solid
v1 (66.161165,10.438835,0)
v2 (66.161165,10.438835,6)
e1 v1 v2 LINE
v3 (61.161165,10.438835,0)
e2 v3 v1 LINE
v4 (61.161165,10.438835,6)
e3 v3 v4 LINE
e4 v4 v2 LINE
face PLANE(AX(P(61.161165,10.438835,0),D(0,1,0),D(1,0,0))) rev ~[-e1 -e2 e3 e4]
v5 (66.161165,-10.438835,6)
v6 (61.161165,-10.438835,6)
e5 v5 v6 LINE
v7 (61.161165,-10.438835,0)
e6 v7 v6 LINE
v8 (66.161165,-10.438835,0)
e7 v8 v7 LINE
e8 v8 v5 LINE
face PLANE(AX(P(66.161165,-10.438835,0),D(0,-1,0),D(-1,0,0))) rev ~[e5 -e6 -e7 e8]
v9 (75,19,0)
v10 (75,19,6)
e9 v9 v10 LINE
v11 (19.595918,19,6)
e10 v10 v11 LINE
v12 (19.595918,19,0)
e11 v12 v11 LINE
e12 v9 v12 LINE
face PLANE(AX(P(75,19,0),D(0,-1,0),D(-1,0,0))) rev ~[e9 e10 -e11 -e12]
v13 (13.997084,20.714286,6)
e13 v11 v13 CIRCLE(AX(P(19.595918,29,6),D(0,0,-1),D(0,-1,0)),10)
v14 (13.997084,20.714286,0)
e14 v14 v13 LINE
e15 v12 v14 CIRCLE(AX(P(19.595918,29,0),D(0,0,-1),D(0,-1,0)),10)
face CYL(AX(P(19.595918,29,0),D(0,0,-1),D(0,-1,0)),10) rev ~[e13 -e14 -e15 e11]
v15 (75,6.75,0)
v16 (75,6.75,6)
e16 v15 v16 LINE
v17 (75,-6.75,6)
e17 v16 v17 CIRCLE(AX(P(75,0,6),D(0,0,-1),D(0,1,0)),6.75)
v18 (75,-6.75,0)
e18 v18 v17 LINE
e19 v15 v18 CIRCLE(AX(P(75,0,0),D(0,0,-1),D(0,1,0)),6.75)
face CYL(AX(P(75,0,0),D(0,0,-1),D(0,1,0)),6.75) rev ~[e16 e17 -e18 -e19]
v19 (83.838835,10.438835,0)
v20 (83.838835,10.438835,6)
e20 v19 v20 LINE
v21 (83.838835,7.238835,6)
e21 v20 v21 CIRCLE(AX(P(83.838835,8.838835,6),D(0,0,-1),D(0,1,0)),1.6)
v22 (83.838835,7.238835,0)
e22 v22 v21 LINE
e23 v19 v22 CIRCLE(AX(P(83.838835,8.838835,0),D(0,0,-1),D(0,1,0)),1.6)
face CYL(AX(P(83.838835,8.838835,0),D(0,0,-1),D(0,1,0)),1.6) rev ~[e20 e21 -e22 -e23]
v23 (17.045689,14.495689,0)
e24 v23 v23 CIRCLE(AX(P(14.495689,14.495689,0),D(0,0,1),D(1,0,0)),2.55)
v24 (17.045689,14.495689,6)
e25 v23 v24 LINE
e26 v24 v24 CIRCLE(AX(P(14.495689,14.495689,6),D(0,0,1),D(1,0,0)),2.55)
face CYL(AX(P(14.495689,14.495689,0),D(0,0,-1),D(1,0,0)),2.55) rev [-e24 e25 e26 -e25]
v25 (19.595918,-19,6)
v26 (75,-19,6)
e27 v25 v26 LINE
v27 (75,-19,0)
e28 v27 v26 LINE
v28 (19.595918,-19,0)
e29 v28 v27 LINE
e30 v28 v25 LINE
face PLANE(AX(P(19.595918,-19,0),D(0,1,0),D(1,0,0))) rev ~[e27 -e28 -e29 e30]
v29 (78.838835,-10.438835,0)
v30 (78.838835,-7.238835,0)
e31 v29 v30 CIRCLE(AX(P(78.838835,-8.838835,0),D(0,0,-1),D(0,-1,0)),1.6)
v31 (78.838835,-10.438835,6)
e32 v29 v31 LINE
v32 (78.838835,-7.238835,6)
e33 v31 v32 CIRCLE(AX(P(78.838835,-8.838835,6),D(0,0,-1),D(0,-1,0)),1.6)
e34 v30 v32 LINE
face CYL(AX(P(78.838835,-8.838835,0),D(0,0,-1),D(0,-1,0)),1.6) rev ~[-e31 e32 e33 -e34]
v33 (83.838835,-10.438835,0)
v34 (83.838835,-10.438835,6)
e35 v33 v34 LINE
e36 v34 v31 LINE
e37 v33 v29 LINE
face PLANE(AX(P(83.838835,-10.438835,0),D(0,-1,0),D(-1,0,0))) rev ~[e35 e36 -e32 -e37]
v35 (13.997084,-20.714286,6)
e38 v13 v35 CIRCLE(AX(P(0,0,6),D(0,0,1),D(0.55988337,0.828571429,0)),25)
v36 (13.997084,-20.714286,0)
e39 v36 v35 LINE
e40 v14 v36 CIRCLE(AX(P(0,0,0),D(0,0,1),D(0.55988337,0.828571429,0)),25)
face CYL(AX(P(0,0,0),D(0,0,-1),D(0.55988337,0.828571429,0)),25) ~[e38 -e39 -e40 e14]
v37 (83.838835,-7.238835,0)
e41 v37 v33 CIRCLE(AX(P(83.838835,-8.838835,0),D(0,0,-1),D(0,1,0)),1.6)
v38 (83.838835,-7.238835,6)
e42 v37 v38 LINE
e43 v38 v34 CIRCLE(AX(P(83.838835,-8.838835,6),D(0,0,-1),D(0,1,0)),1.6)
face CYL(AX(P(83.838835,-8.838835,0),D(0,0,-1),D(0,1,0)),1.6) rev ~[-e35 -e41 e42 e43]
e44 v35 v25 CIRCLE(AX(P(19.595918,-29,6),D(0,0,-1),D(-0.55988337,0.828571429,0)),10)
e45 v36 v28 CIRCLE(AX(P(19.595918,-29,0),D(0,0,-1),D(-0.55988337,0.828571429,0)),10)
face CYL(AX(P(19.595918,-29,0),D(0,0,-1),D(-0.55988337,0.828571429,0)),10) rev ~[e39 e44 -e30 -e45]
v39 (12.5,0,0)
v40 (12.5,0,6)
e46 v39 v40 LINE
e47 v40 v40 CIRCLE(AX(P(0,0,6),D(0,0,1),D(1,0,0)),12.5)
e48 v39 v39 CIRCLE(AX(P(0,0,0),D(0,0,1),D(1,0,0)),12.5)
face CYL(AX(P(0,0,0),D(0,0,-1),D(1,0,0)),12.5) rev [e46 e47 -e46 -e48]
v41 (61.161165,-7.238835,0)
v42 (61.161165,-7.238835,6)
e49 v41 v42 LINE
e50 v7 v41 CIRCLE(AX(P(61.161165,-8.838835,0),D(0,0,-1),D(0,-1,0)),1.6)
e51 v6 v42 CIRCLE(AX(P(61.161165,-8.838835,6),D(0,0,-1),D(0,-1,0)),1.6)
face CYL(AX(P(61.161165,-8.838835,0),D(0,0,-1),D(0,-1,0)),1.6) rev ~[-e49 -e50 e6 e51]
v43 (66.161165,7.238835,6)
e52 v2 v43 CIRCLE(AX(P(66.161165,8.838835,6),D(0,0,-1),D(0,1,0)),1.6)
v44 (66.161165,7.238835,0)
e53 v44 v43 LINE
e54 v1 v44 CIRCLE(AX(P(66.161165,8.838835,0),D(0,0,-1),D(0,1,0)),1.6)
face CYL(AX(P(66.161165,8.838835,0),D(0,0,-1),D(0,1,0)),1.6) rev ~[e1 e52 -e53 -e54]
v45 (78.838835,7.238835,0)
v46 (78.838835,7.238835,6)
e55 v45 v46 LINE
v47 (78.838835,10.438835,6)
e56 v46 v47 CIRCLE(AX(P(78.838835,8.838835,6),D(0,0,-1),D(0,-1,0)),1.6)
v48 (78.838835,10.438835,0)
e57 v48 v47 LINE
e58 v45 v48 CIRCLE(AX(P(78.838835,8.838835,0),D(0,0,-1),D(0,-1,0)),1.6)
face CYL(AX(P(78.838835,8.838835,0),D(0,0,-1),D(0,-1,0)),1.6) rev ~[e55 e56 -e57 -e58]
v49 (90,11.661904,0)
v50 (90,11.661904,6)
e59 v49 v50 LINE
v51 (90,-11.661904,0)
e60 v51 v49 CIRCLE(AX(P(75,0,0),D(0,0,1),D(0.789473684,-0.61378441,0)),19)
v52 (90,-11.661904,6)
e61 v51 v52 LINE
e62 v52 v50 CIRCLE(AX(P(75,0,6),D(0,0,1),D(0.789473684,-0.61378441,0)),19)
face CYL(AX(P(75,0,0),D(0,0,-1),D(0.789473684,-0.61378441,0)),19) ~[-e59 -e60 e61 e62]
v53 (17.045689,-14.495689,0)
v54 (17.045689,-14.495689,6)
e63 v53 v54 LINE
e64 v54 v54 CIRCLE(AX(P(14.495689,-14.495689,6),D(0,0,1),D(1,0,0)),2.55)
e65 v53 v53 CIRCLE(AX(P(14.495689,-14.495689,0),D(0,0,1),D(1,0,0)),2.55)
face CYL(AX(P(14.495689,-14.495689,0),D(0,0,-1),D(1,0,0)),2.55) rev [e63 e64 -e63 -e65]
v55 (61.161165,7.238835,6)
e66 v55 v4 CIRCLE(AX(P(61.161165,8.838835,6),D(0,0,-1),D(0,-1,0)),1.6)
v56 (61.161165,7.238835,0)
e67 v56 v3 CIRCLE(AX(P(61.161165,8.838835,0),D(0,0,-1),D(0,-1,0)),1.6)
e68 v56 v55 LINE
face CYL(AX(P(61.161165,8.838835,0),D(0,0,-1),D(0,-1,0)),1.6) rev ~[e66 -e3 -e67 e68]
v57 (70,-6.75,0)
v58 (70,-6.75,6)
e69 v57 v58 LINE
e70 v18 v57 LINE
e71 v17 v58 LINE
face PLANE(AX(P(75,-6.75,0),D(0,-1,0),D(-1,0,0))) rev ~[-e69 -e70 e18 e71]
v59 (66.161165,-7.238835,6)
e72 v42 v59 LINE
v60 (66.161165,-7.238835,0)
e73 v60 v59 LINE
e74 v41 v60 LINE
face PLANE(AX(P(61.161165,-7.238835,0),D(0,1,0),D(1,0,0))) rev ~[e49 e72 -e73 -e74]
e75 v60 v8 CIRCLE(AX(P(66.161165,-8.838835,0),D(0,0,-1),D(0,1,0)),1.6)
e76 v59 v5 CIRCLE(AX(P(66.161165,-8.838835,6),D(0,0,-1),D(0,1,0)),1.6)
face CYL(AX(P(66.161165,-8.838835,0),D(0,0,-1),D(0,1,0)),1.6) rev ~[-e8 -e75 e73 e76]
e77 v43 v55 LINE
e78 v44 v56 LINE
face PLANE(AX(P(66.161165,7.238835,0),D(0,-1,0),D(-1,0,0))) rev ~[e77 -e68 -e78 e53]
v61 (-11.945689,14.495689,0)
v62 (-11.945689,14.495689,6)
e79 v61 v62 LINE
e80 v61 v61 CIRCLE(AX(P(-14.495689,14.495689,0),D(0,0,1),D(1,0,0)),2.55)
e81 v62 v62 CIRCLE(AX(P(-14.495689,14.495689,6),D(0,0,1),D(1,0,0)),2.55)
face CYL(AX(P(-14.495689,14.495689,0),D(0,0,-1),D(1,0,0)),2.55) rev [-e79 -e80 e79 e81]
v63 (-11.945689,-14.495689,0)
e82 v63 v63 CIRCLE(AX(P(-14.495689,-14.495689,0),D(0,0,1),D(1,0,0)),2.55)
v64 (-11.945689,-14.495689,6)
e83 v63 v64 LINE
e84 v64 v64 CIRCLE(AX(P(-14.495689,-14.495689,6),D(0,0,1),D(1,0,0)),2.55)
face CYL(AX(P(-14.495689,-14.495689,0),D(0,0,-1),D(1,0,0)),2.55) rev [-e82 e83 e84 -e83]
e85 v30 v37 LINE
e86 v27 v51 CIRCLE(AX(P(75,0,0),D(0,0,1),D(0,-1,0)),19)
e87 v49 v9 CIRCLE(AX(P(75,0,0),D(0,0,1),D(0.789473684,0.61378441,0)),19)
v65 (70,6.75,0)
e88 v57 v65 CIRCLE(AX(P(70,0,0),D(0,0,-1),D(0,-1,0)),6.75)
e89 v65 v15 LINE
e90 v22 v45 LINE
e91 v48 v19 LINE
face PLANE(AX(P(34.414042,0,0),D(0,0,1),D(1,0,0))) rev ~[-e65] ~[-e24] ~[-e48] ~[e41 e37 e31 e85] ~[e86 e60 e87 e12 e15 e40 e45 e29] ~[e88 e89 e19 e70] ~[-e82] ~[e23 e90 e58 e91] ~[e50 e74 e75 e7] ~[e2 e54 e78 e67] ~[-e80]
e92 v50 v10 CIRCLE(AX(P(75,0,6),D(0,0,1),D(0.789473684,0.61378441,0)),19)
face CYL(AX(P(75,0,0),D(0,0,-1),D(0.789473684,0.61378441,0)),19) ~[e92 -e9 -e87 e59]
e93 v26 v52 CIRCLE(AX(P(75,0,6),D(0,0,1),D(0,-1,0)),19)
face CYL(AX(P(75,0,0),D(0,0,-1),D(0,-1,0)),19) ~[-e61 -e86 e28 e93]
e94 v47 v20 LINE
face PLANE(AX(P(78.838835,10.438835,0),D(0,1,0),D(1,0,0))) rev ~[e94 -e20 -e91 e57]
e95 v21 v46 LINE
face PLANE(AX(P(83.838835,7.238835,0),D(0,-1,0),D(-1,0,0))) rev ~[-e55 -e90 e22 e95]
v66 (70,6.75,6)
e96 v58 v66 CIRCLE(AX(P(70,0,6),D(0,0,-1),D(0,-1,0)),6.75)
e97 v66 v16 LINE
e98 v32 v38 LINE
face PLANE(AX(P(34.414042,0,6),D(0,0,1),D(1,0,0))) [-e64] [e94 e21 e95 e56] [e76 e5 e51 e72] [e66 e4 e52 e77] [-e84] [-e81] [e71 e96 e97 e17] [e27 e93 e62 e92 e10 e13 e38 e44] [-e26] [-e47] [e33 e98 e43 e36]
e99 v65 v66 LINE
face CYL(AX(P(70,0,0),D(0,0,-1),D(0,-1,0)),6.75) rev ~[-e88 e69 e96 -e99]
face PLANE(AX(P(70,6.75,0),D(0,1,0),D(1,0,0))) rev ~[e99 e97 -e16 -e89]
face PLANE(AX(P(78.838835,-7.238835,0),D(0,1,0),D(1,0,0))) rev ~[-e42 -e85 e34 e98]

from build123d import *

# Parameters (mm, degrees)
F0_R     = 2.55
F0_R_2   = 12.5
F1_DEPTH = 6


with BuildPart() as f1:
    # F0 (on Top) → F1 (new body)
    with BuildSketch(Plane.XY):
        with BuildLine():
            ThreePointArc((19.5959179423, 19), (16.6682177234, 19.4381711253), (13.9970842445, 20.7142857143))
            ThreePointArc((13.9970842445, 20.7142857143), (-25, 0), (13.9970842445, -20.7142857143))
            ThreePointArc((13.9970842445, -20.7142857143), (16.6682177234, -19.4381711253), (19.5959179423, -19))
            Line((19.5959179423, -19), (75, -19))
            ThreePointArc((75, -19), (83.3493660836, -17.0671639707), (90, -11.6619037897))
            Line((90, -11.6619037897), (90, 11.6619037897))
            ThreePointArc((90, 11.6619037897), (83.3493660836, 17.0671639707), (75, 19))
            Line((75, 19), (19.5959179423, 19))
        make_face()
        with Locations((-14.4956890143, -14.4956890143)):
            Circle(F0_R, mode=Mode.SUBTRACT)
        with Locations((14.4956890143, -14.4956890143)):
            Circle(F0_R, mode=Mode.SUBTRACT)
        with BuildLine():
            ThreePointArc((61.1611652352, -10.4388347648), (59.5611652352, -8.8388347648), (61.1611652352, -7.2388347648))
            Line((61.1611652352, -7.2388347648), (66.1611652352, -7.2388347648))
            ThreePointArc((66.1611652352, -7.2388347648), (67.7611652352, -8.8388347648), (66.1611652352, -10.4388347648))
            Line((66.1611652352, -10.4388347648), (61.1611652352, -10.4388347648))
        make_face(mode=Mode.SUBTRACT)
        with BuildLine():
            ThreePointArc((78.8388347648, -10.4388347648), (77.2388347648, -8.8388347648), (78.8388347648, -7.2388347648))
            Line((78.8388347648, -7.2388347648), (83.8388347648, -7.2388347648))
            ThreePointArc((83.8388347648, -7.2388347648), (85.4388347648, -8.8388347648), (83.8388347648, -10.4388347648))
            Line((83.8388347648, -10.4388347648), (78.8388347648, -10.4388347648))
        make_face(mode=Mode.SUBTRACT)
        Circle(F0_R_2, mode=Mode.SUBTRACT)
        with Locations((-14.4956890143, 14.4956890143)):
            Circle(F0_R, mode=Mode.SUBTRACT)
        with Locations((14.4956890143, 14.4956890143)):
            Circle(F0_R, mode=Mode.SUBTRACT)
        with BuildLine():
            ThreePointArc((61.1611652352, 7.2388347648), (59.5611652352, 8.8388347648), (61.1611652352, 10.4388347648))
            Line((61.1611652352, 10.4388347648), (66.1611652352, 10.4388347648))
            ThreePointArc((66.1611652352, 10.4388347648), (67.7611652352, 8.8388347648), (66.1611652352, 7.2388347648))
            Line((66.1611652352, 7.2388347648), (61.1611652352, 7.2388347648))
        make_face(mode=Mode.SUBTRACT)
        with BuildLine():
            ThreePointArc((70, -6.75), (63.25, 0), (70, 6.75))
            Line((70, 6.75), (75, 6.75))
            ThreePointArc((75, 6.75), (81.75, 0), (75, -6.75))
            Line((75, -6.75), (70, -6.75))
        make_face(mode=Mode.SUBTRACT)
        with BuildLine():
            ThreePointArc((78.8388347648, 7.2388347648), (77.2388347648, 8.8388347648), (78.8388347648, 10.4388347648))
            Line((78.8388347648, 10.4388347648), (83.8388347648, 10.4388347648))
            ThreePointArc((83.8388347648, 10.4388347648), (85.4388347648, 8.8388347648), (83.8388347648, 7.2388347648))
            Line((83.8388347648, 7.2388347648), (78.8388347648, 7.2388347648))
        make_face(mode=Mode.SUBTRACT)
        with BuildLine():
            ThreePointArc((90, -11.6619037897), (94, 0), (90, 11.6619037897))
            Line((90, 11.6619037897), (90, -11.6619037897))
        make_face()
    extrude(amount=F1_DEPTH)


solid = f1.part
